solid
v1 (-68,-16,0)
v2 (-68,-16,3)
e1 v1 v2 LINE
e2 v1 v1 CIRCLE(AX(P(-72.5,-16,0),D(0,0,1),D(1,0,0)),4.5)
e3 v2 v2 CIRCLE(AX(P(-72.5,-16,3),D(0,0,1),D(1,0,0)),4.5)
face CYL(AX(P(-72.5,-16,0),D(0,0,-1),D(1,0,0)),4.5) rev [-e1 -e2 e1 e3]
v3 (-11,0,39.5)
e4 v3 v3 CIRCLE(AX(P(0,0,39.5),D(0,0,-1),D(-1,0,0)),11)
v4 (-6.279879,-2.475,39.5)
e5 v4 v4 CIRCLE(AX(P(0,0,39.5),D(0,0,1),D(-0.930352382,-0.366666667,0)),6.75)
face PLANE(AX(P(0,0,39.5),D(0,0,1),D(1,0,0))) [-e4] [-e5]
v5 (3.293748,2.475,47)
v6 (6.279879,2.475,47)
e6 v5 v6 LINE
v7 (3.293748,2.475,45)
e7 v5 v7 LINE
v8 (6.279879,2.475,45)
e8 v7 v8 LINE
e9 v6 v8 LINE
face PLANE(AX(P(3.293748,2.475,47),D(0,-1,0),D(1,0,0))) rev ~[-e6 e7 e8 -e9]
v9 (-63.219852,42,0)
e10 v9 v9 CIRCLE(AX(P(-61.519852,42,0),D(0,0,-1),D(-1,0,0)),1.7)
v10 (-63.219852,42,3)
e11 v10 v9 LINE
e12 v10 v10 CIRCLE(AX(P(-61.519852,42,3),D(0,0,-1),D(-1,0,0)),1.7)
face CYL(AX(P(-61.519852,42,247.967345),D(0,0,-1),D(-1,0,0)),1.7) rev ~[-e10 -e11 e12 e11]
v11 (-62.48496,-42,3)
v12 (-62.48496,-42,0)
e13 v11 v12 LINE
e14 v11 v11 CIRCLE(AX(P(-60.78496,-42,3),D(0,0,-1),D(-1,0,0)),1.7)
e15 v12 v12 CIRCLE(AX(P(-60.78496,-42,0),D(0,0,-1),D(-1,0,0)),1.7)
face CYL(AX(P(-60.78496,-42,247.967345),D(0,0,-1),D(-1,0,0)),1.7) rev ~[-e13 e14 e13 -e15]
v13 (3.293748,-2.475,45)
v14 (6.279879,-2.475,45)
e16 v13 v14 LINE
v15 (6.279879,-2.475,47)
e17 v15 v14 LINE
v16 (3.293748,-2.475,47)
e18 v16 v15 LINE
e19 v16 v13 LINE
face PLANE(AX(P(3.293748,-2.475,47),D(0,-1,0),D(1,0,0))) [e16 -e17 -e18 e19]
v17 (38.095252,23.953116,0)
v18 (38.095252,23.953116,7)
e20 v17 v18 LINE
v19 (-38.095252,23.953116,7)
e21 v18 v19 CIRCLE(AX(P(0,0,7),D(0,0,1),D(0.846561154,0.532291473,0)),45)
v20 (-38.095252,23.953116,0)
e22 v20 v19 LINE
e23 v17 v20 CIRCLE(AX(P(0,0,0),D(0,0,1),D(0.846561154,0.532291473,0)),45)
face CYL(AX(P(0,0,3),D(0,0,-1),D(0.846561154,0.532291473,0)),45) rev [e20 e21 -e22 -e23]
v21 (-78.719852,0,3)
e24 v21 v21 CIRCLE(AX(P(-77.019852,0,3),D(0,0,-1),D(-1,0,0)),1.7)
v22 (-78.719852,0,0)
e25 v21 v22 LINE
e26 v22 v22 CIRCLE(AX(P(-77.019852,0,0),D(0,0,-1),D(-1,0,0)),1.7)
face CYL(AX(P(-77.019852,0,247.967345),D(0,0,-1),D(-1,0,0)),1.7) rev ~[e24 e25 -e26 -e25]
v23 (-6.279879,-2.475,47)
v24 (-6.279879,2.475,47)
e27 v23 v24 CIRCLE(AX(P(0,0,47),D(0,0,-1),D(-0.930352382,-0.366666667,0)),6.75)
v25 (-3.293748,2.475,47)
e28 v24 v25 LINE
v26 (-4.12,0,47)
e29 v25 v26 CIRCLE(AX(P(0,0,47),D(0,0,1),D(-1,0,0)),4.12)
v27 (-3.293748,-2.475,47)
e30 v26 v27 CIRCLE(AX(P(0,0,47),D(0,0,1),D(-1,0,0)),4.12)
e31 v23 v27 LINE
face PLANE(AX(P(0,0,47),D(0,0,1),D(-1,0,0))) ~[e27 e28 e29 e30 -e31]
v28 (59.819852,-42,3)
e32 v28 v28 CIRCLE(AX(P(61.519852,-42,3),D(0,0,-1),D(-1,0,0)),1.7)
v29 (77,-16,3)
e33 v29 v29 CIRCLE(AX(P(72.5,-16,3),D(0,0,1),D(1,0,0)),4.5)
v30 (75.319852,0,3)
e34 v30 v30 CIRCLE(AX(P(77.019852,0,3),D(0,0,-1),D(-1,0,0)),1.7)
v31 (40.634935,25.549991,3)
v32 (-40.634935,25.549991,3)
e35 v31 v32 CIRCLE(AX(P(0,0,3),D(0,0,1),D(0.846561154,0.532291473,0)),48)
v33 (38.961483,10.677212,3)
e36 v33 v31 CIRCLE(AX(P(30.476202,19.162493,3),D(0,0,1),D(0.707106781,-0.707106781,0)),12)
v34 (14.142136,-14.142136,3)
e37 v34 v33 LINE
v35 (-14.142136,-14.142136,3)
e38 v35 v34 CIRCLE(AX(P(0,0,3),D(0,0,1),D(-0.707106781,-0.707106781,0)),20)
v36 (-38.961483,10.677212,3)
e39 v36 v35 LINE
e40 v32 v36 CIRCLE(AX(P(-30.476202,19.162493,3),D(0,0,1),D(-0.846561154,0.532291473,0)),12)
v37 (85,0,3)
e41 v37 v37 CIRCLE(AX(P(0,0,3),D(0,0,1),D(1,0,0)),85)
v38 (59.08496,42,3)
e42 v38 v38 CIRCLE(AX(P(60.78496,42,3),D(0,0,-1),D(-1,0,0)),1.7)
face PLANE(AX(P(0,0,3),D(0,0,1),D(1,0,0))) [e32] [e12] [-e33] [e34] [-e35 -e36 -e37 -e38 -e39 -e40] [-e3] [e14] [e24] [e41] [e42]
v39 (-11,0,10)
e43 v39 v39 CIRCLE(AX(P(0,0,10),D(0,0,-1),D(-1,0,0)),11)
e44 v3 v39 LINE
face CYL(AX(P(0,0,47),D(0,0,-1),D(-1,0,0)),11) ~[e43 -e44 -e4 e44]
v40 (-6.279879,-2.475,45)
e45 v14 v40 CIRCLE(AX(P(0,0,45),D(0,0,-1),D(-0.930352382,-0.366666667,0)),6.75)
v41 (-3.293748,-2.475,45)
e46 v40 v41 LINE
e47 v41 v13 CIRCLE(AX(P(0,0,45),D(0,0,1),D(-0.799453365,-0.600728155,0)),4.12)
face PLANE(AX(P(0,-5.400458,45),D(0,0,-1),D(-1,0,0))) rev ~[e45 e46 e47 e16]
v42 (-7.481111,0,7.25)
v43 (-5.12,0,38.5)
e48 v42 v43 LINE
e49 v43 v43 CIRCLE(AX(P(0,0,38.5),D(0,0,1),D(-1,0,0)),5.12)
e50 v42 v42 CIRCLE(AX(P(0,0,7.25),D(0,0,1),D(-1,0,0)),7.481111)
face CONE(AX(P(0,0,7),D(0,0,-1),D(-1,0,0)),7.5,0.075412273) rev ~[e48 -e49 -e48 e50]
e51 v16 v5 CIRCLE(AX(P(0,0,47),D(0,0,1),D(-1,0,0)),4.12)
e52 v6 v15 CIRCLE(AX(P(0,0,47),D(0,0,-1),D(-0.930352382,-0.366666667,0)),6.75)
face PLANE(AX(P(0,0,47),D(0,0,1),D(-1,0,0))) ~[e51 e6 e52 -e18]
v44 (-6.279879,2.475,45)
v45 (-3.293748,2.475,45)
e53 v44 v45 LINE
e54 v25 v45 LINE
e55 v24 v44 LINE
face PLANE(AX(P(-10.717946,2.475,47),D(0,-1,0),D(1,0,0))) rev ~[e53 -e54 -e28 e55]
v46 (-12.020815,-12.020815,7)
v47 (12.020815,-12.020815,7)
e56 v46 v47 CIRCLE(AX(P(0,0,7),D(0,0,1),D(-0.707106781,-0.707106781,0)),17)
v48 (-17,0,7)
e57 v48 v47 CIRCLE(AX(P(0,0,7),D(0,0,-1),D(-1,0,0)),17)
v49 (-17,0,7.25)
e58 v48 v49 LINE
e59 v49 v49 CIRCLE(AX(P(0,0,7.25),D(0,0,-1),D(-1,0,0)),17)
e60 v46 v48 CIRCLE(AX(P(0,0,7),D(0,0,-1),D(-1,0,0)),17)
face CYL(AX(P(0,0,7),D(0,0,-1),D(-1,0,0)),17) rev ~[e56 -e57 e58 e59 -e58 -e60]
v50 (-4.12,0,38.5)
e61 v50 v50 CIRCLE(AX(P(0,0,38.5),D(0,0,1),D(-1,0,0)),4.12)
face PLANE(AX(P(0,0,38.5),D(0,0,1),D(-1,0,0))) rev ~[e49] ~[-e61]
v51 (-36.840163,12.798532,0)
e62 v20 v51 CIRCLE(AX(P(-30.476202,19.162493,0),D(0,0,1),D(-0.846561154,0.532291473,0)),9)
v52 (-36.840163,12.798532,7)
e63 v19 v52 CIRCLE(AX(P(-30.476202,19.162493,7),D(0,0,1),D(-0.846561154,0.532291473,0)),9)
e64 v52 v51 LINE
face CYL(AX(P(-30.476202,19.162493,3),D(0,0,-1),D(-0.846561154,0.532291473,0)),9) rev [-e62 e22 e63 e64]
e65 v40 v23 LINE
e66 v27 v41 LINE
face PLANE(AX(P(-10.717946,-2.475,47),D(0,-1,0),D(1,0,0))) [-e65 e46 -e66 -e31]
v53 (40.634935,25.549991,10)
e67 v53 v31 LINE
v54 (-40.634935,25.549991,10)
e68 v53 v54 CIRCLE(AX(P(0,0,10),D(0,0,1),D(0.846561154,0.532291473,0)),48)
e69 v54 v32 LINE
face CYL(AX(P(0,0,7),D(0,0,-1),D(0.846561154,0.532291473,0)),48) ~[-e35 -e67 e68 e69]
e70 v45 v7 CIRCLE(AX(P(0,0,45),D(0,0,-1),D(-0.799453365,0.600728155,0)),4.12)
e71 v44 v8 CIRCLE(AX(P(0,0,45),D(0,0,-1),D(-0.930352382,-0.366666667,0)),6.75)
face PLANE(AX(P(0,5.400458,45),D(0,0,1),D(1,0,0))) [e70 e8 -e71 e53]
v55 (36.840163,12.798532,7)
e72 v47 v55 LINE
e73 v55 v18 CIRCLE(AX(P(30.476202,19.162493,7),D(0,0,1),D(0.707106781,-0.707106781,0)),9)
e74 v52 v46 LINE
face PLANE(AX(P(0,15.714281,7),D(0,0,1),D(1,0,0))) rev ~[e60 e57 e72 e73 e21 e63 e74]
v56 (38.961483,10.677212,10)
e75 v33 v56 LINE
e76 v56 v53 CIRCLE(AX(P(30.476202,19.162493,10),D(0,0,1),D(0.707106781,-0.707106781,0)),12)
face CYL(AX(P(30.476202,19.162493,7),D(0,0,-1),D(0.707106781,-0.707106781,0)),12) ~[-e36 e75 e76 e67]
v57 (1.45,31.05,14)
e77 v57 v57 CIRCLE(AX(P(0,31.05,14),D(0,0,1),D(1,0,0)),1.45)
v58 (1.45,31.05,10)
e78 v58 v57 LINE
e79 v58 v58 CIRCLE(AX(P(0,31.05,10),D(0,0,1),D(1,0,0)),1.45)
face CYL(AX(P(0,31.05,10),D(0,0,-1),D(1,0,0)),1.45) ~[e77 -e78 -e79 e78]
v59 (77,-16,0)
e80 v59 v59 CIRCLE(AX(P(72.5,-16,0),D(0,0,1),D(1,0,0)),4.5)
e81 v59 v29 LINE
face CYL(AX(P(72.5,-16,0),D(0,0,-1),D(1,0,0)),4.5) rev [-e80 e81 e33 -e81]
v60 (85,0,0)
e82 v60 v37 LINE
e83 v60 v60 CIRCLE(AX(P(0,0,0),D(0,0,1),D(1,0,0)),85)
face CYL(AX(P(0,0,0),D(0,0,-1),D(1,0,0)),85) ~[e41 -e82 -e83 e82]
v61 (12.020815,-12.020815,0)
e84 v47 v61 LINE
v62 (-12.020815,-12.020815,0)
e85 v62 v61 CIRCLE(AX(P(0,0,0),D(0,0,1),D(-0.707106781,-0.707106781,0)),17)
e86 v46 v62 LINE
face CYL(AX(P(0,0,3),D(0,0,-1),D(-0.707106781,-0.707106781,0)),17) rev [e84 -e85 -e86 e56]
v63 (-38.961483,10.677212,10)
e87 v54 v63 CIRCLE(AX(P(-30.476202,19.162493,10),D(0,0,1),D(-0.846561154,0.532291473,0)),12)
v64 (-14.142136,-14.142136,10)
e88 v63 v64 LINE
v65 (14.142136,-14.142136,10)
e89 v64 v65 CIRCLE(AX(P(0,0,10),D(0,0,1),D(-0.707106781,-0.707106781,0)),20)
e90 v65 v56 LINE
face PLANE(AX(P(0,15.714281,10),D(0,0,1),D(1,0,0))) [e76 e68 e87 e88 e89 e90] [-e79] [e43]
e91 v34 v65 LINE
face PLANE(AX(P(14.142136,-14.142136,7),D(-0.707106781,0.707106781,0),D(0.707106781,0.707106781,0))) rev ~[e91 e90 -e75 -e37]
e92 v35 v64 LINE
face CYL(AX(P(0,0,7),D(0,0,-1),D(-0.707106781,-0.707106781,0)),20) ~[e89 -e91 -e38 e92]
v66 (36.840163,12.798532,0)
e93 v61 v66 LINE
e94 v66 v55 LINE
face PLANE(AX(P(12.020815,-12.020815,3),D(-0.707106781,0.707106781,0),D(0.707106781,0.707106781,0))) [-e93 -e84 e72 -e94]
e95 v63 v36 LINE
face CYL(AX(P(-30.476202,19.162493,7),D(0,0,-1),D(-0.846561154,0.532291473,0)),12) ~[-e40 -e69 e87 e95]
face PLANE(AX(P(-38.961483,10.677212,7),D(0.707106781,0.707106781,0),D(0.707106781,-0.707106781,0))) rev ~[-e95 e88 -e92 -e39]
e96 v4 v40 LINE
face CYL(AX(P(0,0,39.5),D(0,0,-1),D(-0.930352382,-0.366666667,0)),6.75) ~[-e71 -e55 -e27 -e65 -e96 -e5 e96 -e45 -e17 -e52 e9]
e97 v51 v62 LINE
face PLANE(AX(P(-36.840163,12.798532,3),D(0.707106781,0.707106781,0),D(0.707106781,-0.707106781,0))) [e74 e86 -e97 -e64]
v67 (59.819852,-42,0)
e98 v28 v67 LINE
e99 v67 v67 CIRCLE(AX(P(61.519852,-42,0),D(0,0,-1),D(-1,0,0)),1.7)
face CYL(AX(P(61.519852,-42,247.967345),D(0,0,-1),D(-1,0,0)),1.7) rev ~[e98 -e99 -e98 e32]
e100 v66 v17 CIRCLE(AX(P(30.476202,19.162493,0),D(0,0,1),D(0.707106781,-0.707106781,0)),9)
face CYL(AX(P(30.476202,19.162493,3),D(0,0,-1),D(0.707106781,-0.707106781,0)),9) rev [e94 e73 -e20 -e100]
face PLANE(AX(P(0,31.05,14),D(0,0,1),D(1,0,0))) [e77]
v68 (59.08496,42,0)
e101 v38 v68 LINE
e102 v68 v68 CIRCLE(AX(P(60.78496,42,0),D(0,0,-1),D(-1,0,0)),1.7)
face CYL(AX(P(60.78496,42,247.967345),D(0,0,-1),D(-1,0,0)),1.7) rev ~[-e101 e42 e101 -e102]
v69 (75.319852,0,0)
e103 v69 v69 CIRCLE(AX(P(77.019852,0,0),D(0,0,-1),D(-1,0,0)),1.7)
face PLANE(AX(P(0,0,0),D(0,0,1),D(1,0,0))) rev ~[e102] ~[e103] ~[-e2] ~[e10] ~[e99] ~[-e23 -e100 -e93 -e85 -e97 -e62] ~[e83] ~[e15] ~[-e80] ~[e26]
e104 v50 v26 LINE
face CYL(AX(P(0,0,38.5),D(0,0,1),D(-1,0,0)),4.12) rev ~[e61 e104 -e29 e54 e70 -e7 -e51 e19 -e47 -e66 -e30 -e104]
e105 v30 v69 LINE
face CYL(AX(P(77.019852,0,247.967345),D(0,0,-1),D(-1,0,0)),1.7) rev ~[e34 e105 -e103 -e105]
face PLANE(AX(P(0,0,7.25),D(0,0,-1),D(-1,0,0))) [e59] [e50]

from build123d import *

# Parameters (mm, degrees)
ESQUISSE1_R                  = 85
ESQUISSE1_R_2                = 7.5
ESQUISSE1_R_3                = 4.5
BOSS_EXTRU_1_DEPTH           = 3
BOSS_EXTRU_2_DEPTH           = 4
BOSS_EXTRU_3_DEPTH           = 3
ESQUISSE5_R                  = 7.5
ENL_V_MAT_EXTRU_2_DEPTH      = 3
ENL_V_START                  = -3
ENL_V_MAT_EXTRU_3_DEPTH      = 3
ENL_V_MAT_EXTRU_6_DEPTH      = 2
ESQUISSE9_R                  = 17
ENL_V_MAT_EXTRU_4_DEPTH      = 0.25
ENL_V_MAT_EXTRU_5_DEPTH      = 10
ENL_V_MAT_EXTRU_5_DEPTH_BACK = 7.5
ESQUISSE10_OUTSIDE_W         = 220.994
ESQUISSE10_OUTSIDE_H         = 220.994
ESQUISSE10_OUTSIDE_R         = 6.75
ESQUISSE11_R                 = 1.45
BOSS_EXTRU_4_DEPTH           = 4
D_GAGEMENT_M31_D             = 3.4


with BuildPart() as part:
    # Esquisse1 → Boss.-Extru.1 (new body)
    with BuildSketch(Plane.XY):
        Circle(ESQUISSE1_R)
        Circle(ESQUISSE1_R_2, mode=Mode.SUBTRACT)
        with Locations((-72.5, -16)):
            Circle(ESQUISSE1_R_3, mode=Mode.SUBTRACT)
        with Locations((72.5, -16)):
            Circle(ESQUISSE1_R_3, mode=Mode.SUBTRACT)
    extrude(amount=BOSS_EXTRU_1_DEPTH)

    # Esquisse3 → Boss.-Extru.2 (add)
    with BuildSketch(Plane.XY.offset(3)):
        with BuildLine():
            Line((14.142135624, -14.142135624), (38.961482916, 10.677211668))
            ThreePointArc((38.961482916, 10.677211668), (42.400953744, 17.820746084), (40.634935389, 25.549990723))
            ThreePointArc((40.634935389, 25.549990723), (0, 48), (-40.634935389, 25.549990723))
            ThreePointArc((-40.634935389, 25.549990723), (-42.400953744, 17.820746084), (-38.961482916, 10.677211668))
            Line((-38.961482916, 10.677211668), (-14.142135624, -14.142135624))
            ThreePointArc((-14.142135624, -14.142135624), (0, -20), (14.142135624, -14.142135624))
        make_face()
        with BuildLine():
            Line((-36.840162572, 12.798532012), (-12.02081528, -12.02081528))
            ThreePointArc((-12.02081528, -12.02081528), (0, -17), (12.02081528, -12.02081528))
            Line((12.02081528, -12.02081528), (36.840162572, 12.798532012))
            ThreePointArc((36.840162572, 12.798532012), (39.419765694, 18.156182824), (38.095251927, 23.953116303))
            ThreePointArc((38.095251927, 23.953116303), (0, 45), (-38.095251927, 23.953116303))
            ThreePointArc((-38.095251927, 23.953116303), (-39.419765694, 18.156182824), (-36.840162572, 12.798532012))
        make_face(mode=Mode.SUBTRACT)
    extrude(amount=BOSS_EXTRU_2_DEPTH)

    # Esquisse4 → Boss.-Extru.3 (add)
    with BuildSketch(Plane.XY.offset(7)):
        with BuildLine():
            Line((-38.961482916, 10.677211668), (-14.142135624, -14.142135624))
            ThreePointArc((-14.142135624, -14.142135624), (0, -20), (14.142135624, -14.142135624))
            Line((14.142135624, -14.142135624), (38.961482916, 10.677211668))
            ThreePointArc((38.961482916, 10.677211668), (42.400953744, 17.820746084), (40.634935389, 25.549990723))
            ThreePointArc((40.634935389, 25.549990723), (0, 48), (-40.634935389, 25.549990723))
            ThreePointArc((-40.634935389, 25.549990723), (-42.400953744, 17.820746084), (-38.961482916, 10.677211668))
        make_face()
    extrude(amount=BOSS_EXTRU_3_DEPTH)

    # Esquisse5 → Enlèv. mat.-Extru.2 (cut)
    with BuildSketch(Plane(origin=(0, 0, 7), x_dir=(-1, 0, 0), z_dir=(0, 0, -1))):
        Circle(ESQUISSE5_R)
    extrude(amount=-ENL_V_MAT_EXTRU_2_DEPTH, mode=Mode.SUBTRACT)

    # Esquisse6 → Enlèv. mat.-Extru.3 (cut)
    with BuildSketch(Plane.XY.offset(3).offset(ENL_V_START)):
        with BuildLine():
            Line((-36.840162572, 12.798532012), (-12.02081528, -12.02081528))
            ThreePointArc((-12.02081528, -12.02081528), (0, -17), (12.02081528, -12.02081528))
            Line((12.02081528, -12.02081528), (36.840162572, 12.798532012))
            ThreePointArc((36.840162572, 12.798532012), (39.419765694, 18.156182824), (38.095251927, 23.953116303))
            ThreePointArc((38.095251927, 23.953116303), (0, 45), (-38.095251927, 23.953116303))
            ThreePointArc((-38.095251927, 23.953116303), (-39.419765694, 18.156182824), (-36.840162572, 12.798532012))
        make_face()
    extrude(amount=ENL_V_MAT_EXTRU_3_DEPTH, mode=Mode.SUBTRACT)

    # Esquisse7 → Révolution1 (revolve)
    with BuildSketch(Plane(origin=(0, 0, 0), x_dir=(0, 0, -1), z_dir=(1, 0, 0))):
        Polygon((-7, -7.5), (-38.5, -5.12), (-38.5, -4.12), (-47, -4.12), (-47, -11), (-7, -11), align=None)
    revolve(axis=Axis((0, 0, 0), (0, 0, 1)))

    # Esquisse8 → Enlèv. mat.-Extru.6 (cut)
    with BuildSketch(Plane.XY.offset(47)):
        with BuildLine():
            Line((3.293747865, 2.475), (10.717946398, 2.475))
            ThreePointArc((10.717946398, 2.475), (0, 11), (-10.717946398, 2.475))
            Line((-10.717946398, 2.475), (-3.293747865, 2.475))
            ThreePointArc((-3.293747865, 2.475), (0, 4.12), (3.293747865, 2.475))
        make_face()
        with BuildLine():
            Line((-10.717946398, -2.475), (-3.293747865, -2.475))
            ThreePointArc((-3.293747865, -2.475), (0, -4.12), (3.293747865, -2.475))
            Line((3.293747865, -2.475), (10.717946398, -2.475))
            ThreePointArc((10.717946398, -2.475), (0, -11), (-10.717946398, -2.475))
        make_face()
    extrude(amount=-ENL_V_MAT_EXTRU_6_DEPTH, mode=Mode.SUBTRACT)

    # Esquisse9 → Enlèv. mat.-Extru.4 (cut)
    with BuildSketch(Plane(origin=(0, 0, 7), x_dir=(-1, 0, 0), z_dir=(0, 0, -1))):
        Circle(ESQUISSE9_R)
    extrude(amount=-ENL_V_MAT_EXTRU_4_DEPTH, mode=Mode.SUBTRACT)

    # Esquisse10 outside → Enlèv. mat.-Extru.5 (cut, two sides: drawn at the far end of the back side and taken through both)
    with BuildSketch(Plane.XY.offset(47).offset(-ENL_V_MAT_EXTRU_5_DEPTH_BACK)):
        Rectangle(ESQUISSE10_OUTSIDE_W, ESQUISSE10_OUTSIDE_H)
        Circle(ESQUISSE10_OUTSIDE_R, mode=Mode.SUBTRACT)
    extrude(amount=ENL_V_MAT_EXTRU_5_DEPTH + ENL_V_MAT_EXTRU_5_DEPTH_BACK, mode=Mode.SUBTRACT)

    # Esquisse11 → Boss.-Extru.4 (add)
    with BuildSketch(Plane.XY.offset(10)):
        with Locations((0, 31.05)):
            Circle(ESQUISSE11_R)
    extrude(amount=BOSS_EXTRU_4_DEPTH)

    # Dégagement M31 (through all)
    with Locations(Plane.XY.offset(3)):
        with Locations((60.78495979, 42), (77.019852204, 0), (61.519852204, -42), (-60.78495979, -42), (-77.019852204, 0), (-61.519852204, 42)):
            Hole(D_GAGEMENT_M31_D / 2)


solid = part.part
